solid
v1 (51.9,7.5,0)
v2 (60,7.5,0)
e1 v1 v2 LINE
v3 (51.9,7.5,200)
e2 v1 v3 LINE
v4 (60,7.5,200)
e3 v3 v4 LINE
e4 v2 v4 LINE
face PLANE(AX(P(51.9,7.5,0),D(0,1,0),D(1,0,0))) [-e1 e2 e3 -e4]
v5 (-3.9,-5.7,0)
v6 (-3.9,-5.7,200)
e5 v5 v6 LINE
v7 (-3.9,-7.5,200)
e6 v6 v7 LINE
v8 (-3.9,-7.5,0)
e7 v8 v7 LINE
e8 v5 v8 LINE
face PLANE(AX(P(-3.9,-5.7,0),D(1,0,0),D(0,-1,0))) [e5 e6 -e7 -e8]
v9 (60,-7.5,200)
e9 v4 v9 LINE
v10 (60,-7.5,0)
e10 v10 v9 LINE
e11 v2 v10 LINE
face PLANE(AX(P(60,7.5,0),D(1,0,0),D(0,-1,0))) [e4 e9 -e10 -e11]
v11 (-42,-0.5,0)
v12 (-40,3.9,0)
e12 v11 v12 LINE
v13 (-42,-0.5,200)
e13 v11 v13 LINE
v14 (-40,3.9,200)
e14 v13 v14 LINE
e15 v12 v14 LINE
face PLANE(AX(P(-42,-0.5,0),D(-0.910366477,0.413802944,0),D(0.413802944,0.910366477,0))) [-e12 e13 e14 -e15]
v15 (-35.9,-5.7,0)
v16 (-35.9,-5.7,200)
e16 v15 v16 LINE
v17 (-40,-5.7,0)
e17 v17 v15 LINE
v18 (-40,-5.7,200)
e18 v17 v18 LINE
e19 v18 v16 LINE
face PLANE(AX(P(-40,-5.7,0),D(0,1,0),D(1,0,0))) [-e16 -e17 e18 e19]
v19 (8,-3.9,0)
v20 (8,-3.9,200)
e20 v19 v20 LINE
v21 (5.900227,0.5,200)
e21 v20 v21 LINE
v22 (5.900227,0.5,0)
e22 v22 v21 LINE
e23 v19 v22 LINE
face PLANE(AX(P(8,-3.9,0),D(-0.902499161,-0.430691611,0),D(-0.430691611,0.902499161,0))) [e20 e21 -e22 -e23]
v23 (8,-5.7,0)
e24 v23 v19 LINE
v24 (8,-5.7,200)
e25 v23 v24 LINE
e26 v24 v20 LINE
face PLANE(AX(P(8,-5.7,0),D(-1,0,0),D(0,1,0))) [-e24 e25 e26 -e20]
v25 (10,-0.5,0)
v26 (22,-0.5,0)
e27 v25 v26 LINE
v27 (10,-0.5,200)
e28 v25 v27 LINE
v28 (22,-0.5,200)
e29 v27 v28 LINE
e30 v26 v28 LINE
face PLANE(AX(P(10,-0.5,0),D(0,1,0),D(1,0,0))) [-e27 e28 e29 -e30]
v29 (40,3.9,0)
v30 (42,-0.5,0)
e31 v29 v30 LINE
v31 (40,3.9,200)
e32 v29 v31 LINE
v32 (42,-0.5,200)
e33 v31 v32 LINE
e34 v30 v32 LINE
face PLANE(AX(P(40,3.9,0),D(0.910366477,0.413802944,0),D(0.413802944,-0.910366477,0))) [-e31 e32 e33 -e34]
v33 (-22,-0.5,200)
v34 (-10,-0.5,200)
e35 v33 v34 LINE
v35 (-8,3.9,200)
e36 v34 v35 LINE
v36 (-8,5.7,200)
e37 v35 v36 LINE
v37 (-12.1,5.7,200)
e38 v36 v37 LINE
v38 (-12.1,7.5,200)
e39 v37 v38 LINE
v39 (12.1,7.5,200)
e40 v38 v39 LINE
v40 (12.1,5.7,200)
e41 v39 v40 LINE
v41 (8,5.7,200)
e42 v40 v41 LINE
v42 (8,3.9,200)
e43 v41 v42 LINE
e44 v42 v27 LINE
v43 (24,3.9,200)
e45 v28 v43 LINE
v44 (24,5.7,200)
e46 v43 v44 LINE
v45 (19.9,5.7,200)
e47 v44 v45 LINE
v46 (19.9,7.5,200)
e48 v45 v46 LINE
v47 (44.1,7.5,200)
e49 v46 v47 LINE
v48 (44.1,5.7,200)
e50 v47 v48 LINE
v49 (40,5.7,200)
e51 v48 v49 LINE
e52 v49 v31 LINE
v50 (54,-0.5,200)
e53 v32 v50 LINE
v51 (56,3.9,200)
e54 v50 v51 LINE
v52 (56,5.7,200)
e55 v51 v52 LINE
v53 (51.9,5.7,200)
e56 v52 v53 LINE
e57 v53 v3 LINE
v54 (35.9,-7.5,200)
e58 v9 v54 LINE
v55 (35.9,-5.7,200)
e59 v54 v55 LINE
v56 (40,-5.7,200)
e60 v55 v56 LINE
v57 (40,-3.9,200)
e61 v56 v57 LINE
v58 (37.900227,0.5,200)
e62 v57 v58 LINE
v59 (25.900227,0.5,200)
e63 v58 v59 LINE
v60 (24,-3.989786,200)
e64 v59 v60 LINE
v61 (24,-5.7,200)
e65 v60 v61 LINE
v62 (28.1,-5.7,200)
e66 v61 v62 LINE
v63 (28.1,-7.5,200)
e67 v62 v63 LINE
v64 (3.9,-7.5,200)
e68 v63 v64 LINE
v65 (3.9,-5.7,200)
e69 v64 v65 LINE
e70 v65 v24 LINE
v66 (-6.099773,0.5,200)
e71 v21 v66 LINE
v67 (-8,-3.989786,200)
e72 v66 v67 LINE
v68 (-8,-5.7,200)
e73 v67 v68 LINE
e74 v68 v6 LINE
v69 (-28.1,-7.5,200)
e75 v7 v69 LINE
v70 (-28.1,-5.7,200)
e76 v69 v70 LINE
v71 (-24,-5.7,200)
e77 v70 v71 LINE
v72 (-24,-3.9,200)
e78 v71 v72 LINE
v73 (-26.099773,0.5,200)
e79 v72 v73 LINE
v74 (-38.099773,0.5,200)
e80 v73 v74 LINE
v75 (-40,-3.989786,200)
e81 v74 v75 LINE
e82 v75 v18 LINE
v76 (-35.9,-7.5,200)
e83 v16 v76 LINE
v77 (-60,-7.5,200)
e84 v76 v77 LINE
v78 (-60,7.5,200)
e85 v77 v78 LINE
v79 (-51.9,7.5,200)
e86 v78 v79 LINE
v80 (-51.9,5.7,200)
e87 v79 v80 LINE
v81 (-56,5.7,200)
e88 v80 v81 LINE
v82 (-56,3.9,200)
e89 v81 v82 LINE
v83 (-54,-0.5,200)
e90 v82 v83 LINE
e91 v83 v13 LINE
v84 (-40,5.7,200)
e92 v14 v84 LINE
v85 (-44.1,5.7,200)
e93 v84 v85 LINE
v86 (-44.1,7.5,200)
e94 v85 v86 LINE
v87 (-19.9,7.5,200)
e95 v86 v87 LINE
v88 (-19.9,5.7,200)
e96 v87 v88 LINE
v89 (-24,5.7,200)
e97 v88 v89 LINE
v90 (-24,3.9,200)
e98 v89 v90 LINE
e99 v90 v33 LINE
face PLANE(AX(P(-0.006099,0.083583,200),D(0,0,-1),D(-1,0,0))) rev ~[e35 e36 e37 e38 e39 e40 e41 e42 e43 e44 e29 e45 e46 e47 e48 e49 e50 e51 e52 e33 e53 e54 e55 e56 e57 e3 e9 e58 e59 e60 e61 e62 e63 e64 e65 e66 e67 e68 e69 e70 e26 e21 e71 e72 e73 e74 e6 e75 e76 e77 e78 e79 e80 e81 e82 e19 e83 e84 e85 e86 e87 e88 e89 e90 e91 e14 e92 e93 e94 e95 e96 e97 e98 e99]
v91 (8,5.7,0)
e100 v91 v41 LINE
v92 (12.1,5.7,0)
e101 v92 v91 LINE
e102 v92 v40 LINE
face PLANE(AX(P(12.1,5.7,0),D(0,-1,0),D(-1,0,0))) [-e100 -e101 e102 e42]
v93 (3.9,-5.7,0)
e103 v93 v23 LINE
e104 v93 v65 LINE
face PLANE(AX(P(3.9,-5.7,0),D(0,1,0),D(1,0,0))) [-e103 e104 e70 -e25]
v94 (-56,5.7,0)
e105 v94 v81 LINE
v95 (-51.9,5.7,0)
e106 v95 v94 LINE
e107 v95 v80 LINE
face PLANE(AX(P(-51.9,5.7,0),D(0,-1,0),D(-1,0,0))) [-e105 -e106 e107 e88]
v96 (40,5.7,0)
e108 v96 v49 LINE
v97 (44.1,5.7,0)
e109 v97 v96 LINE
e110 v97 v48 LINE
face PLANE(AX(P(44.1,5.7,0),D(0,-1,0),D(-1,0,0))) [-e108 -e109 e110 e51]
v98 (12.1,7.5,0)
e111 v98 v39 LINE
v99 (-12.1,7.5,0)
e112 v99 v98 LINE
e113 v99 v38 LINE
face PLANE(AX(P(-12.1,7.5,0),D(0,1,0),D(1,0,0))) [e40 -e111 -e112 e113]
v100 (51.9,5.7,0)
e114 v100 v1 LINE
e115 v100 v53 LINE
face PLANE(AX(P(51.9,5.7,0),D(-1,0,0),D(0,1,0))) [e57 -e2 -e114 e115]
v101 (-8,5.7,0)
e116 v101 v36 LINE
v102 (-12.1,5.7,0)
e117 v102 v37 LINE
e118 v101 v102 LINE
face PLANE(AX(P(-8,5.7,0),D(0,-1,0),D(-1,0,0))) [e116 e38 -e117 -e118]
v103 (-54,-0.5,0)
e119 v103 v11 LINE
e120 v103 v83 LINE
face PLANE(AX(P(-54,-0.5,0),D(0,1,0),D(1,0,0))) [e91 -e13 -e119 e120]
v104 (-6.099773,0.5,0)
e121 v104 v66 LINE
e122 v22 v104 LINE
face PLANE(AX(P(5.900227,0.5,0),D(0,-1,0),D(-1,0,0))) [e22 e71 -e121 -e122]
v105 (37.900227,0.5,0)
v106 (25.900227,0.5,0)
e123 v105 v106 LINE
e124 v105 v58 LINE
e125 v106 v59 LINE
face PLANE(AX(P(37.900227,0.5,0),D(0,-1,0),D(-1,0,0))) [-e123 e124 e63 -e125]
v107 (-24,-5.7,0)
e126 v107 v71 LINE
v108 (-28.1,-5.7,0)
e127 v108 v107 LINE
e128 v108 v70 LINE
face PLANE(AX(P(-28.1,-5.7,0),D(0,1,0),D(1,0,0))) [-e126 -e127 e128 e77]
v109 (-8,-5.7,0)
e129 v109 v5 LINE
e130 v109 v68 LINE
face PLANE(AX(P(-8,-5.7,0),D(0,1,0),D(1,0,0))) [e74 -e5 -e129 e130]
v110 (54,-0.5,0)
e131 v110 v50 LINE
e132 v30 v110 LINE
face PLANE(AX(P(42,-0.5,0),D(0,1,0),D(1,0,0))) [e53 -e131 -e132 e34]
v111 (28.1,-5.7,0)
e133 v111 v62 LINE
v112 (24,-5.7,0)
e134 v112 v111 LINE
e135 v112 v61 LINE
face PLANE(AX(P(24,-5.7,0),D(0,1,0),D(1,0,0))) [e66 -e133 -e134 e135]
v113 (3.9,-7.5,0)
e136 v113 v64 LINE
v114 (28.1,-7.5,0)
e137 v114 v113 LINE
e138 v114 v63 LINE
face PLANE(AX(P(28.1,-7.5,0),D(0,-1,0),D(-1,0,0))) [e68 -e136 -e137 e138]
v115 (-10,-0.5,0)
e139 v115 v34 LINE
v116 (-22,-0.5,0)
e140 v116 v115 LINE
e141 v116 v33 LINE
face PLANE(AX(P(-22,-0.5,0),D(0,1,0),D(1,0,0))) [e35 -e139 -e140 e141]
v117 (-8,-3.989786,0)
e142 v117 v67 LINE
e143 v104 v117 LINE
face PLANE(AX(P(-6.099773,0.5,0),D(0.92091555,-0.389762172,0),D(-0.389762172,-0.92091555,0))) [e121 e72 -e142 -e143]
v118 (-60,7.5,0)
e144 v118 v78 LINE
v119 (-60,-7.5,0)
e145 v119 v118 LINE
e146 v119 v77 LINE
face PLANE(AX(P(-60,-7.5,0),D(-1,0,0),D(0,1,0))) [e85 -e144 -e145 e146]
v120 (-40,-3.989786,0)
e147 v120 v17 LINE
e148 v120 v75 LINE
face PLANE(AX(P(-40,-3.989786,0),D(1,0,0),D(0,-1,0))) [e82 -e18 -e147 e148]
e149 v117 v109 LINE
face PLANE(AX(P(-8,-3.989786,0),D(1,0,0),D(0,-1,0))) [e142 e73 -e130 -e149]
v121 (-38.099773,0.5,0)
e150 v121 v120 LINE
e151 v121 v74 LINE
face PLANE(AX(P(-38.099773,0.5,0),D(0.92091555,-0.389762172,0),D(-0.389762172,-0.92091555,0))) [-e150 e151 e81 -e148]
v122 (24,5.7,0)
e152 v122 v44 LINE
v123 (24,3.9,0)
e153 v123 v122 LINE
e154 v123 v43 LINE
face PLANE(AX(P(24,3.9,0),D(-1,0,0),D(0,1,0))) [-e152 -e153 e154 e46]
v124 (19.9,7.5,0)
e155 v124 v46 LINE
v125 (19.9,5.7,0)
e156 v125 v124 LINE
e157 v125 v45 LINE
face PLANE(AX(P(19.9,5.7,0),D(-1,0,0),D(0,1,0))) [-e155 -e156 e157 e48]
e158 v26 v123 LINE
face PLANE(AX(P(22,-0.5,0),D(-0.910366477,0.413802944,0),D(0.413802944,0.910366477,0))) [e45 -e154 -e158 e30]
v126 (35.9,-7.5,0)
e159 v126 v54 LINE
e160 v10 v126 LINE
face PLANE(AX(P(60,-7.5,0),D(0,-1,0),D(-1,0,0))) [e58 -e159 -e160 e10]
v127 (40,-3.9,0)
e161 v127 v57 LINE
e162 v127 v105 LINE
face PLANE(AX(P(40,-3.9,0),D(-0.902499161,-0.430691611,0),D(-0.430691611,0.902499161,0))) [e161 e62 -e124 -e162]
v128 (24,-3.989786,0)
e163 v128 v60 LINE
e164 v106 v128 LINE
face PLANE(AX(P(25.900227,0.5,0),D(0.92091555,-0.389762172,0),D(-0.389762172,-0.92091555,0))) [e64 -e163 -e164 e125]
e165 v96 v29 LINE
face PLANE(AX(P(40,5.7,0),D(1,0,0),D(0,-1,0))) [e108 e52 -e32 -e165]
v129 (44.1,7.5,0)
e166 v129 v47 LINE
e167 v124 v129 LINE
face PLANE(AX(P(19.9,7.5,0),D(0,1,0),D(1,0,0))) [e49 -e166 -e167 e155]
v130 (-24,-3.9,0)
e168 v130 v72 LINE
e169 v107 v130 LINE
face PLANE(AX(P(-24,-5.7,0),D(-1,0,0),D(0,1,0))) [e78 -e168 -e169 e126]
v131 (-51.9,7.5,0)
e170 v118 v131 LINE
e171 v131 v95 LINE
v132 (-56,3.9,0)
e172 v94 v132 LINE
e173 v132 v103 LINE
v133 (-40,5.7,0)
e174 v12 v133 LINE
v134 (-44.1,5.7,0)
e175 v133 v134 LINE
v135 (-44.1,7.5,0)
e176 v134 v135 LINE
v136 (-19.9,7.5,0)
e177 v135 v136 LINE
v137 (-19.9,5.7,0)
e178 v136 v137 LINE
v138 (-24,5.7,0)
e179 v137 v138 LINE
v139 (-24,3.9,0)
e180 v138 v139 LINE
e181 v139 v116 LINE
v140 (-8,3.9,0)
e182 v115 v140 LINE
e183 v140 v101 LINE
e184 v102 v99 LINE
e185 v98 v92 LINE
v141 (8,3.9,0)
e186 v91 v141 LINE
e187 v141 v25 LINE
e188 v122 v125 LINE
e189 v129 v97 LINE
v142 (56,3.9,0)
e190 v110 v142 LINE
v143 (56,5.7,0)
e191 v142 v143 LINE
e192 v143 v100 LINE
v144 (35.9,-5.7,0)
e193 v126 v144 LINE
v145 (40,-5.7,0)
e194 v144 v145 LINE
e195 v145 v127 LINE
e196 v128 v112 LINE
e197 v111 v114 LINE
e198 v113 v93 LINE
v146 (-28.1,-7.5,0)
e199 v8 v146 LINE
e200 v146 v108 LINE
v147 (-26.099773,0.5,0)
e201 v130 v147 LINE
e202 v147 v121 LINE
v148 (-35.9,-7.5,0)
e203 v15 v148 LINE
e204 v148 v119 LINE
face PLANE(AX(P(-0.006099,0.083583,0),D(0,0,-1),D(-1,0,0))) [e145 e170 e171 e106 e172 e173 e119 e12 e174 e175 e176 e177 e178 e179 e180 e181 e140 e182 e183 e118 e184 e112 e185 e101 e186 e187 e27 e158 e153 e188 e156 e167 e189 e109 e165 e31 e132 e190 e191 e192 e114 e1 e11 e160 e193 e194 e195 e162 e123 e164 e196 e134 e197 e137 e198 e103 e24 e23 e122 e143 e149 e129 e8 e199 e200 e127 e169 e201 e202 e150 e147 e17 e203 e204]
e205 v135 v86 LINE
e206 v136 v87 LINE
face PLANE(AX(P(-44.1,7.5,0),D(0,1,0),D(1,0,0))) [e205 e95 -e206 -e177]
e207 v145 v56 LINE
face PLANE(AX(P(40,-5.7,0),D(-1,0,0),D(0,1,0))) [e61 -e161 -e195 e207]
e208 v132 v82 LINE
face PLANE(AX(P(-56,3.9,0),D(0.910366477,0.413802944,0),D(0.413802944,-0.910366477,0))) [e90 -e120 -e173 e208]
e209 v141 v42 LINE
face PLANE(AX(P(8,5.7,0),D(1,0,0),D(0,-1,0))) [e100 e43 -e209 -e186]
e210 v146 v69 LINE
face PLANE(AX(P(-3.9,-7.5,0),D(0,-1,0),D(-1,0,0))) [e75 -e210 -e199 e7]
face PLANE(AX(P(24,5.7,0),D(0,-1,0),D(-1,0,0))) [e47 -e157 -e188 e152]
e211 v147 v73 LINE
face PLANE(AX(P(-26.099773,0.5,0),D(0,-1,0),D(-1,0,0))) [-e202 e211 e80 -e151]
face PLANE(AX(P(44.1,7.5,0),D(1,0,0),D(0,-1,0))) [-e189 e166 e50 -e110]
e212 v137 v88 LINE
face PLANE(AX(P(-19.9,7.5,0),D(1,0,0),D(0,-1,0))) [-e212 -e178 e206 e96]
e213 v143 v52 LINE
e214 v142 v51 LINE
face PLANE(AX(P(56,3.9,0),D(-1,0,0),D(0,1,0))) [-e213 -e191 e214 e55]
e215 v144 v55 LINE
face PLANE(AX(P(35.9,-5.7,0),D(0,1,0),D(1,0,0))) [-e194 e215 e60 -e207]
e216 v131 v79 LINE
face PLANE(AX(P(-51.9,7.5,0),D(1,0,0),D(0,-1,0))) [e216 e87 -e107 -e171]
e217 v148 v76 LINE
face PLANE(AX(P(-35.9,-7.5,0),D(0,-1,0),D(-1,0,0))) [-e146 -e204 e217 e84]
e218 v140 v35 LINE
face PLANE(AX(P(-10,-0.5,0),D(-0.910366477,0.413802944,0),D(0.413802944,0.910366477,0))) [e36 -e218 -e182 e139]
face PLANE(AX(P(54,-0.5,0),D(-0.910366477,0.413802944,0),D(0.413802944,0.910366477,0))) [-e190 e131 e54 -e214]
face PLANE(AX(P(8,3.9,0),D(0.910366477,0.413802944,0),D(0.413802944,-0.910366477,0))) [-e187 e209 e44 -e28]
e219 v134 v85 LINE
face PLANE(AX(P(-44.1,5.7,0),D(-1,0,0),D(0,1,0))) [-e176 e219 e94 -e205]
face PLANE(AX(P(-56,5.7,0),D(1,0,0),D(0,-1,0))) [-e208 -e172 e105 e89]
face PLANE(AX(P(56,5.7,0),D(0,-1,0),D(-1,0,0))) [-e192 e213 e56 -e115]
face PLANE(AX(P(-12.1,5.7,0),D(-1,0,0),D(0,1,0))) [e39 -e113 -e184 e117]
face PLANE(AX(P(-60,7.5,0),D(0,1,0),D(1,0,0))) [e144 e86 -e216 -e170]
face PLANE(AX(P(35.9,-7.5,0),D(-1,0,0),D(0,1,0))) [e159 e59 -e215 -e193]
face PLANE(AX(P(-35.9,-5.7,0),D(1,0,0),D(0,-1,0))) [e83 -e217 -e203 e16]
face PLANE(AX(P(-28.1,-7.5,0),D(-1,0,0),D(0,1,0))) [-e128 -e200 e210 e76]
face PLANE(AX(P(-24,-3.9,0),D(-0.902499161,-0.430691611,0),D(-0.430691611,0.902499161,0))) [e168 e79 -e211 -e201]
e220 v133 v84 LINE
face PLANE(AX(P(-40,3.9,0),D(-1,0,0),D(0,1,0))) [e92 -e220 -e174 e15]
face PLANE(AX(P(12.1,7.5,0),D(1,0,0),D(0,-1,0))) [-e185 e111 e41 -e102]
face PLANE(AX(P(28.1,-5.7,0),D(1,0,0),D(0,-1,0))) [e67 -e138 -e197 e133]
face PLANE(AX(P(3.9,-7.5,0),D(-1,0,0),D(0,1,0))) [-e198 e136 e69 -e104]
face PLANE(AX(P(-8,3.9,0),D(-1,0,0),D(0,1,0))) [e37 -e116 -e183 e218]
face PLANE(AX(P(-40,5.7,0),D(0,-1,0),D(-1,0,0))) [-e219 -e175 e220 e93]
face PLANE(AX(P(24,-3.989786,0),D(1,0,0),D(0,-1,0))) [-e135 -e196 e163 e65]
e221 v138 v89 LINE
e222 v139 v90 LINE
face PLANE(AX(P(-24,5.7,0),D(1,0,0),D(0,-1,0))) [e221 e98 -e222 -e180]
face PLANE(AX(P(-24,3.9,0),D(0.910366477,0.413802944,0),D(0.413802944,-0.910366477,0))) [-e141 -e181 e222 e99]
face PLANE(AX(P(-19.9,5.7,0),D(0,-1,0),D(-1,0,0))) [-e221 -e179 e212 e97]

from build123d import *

# Parameters (mm, degrees)
BOSS_EXTRUDE1_DEPTH = 200


with BuildPart() as part:
    # Sketch1 → Boss-Extrude1 (new body)
    with BuildSketch(Plane.XY):
        Polygon((60, -7.5), (35.9, -7.5), (35.9, -5.7), (40, -5.7), (40, -3.9), (37.900227313, 0.5), (25.900227313, 0.5), (24, -3.989786353), (24, -5.7), (28.1, -5.7), (28.1, -7.5), (3.9, -7.5), (3.9, -5.7), (8, -5.7), (8, -3.9), (5.900227313, 0.5), (-6.099772687, 0.5), (-8, -3.989786353), (-8, -5.7), (-3.9, -5.7), (-3.9, -7.5), (-28.1, -7.5), (-28.1, -5.7), (-24, -5.7), (-24, -3.9), (-26.099772687, 0.5), (-38.099772687, 0.5), (-40, -3.989786353), (-40, -5.7), (-35.9, -5.7), (-35.9, -7.5), (-60, -7.5), (-60, 7.5), (-51.9, 7.5), (-51.9, 5.7), (-56, 5.7), (-56, 3.9), (-54, -0.5), (-42, -0.5), (-40, 3.9), (-40, 5.7), (-44.1, 5.7), (-44.1, 7.5), (-19.9, 7.5), (-19.9, 5.7), (-24, 5.7), (-24, 3.9), (-22, -0.5), (-10, -0.5), (-8, 3.9), (-8, 5.7), (-12.1, 5.7), (-12.1, 7.5), (12.1, 7.5), (12.1, 5.7), (8, 5.7), (8, 3.9), (10, -0.5), (22, -0.5), (24, 3.9), (24, 5.7), (19.9, 5.7), (19.9, 7.5), (44.1, 7.5), (44.1, 5.7), (40, 5.7), (40, 3.9), (42, -0.5), (54, -0.5), (56, 3.9), (56, 5.7), (51.9, 5.7), (51.9, 7.5), (60, 7.5), align=None)
    extrude(amount=BOSS_EXTRUDE1_DEPTH)


solid = part.part
